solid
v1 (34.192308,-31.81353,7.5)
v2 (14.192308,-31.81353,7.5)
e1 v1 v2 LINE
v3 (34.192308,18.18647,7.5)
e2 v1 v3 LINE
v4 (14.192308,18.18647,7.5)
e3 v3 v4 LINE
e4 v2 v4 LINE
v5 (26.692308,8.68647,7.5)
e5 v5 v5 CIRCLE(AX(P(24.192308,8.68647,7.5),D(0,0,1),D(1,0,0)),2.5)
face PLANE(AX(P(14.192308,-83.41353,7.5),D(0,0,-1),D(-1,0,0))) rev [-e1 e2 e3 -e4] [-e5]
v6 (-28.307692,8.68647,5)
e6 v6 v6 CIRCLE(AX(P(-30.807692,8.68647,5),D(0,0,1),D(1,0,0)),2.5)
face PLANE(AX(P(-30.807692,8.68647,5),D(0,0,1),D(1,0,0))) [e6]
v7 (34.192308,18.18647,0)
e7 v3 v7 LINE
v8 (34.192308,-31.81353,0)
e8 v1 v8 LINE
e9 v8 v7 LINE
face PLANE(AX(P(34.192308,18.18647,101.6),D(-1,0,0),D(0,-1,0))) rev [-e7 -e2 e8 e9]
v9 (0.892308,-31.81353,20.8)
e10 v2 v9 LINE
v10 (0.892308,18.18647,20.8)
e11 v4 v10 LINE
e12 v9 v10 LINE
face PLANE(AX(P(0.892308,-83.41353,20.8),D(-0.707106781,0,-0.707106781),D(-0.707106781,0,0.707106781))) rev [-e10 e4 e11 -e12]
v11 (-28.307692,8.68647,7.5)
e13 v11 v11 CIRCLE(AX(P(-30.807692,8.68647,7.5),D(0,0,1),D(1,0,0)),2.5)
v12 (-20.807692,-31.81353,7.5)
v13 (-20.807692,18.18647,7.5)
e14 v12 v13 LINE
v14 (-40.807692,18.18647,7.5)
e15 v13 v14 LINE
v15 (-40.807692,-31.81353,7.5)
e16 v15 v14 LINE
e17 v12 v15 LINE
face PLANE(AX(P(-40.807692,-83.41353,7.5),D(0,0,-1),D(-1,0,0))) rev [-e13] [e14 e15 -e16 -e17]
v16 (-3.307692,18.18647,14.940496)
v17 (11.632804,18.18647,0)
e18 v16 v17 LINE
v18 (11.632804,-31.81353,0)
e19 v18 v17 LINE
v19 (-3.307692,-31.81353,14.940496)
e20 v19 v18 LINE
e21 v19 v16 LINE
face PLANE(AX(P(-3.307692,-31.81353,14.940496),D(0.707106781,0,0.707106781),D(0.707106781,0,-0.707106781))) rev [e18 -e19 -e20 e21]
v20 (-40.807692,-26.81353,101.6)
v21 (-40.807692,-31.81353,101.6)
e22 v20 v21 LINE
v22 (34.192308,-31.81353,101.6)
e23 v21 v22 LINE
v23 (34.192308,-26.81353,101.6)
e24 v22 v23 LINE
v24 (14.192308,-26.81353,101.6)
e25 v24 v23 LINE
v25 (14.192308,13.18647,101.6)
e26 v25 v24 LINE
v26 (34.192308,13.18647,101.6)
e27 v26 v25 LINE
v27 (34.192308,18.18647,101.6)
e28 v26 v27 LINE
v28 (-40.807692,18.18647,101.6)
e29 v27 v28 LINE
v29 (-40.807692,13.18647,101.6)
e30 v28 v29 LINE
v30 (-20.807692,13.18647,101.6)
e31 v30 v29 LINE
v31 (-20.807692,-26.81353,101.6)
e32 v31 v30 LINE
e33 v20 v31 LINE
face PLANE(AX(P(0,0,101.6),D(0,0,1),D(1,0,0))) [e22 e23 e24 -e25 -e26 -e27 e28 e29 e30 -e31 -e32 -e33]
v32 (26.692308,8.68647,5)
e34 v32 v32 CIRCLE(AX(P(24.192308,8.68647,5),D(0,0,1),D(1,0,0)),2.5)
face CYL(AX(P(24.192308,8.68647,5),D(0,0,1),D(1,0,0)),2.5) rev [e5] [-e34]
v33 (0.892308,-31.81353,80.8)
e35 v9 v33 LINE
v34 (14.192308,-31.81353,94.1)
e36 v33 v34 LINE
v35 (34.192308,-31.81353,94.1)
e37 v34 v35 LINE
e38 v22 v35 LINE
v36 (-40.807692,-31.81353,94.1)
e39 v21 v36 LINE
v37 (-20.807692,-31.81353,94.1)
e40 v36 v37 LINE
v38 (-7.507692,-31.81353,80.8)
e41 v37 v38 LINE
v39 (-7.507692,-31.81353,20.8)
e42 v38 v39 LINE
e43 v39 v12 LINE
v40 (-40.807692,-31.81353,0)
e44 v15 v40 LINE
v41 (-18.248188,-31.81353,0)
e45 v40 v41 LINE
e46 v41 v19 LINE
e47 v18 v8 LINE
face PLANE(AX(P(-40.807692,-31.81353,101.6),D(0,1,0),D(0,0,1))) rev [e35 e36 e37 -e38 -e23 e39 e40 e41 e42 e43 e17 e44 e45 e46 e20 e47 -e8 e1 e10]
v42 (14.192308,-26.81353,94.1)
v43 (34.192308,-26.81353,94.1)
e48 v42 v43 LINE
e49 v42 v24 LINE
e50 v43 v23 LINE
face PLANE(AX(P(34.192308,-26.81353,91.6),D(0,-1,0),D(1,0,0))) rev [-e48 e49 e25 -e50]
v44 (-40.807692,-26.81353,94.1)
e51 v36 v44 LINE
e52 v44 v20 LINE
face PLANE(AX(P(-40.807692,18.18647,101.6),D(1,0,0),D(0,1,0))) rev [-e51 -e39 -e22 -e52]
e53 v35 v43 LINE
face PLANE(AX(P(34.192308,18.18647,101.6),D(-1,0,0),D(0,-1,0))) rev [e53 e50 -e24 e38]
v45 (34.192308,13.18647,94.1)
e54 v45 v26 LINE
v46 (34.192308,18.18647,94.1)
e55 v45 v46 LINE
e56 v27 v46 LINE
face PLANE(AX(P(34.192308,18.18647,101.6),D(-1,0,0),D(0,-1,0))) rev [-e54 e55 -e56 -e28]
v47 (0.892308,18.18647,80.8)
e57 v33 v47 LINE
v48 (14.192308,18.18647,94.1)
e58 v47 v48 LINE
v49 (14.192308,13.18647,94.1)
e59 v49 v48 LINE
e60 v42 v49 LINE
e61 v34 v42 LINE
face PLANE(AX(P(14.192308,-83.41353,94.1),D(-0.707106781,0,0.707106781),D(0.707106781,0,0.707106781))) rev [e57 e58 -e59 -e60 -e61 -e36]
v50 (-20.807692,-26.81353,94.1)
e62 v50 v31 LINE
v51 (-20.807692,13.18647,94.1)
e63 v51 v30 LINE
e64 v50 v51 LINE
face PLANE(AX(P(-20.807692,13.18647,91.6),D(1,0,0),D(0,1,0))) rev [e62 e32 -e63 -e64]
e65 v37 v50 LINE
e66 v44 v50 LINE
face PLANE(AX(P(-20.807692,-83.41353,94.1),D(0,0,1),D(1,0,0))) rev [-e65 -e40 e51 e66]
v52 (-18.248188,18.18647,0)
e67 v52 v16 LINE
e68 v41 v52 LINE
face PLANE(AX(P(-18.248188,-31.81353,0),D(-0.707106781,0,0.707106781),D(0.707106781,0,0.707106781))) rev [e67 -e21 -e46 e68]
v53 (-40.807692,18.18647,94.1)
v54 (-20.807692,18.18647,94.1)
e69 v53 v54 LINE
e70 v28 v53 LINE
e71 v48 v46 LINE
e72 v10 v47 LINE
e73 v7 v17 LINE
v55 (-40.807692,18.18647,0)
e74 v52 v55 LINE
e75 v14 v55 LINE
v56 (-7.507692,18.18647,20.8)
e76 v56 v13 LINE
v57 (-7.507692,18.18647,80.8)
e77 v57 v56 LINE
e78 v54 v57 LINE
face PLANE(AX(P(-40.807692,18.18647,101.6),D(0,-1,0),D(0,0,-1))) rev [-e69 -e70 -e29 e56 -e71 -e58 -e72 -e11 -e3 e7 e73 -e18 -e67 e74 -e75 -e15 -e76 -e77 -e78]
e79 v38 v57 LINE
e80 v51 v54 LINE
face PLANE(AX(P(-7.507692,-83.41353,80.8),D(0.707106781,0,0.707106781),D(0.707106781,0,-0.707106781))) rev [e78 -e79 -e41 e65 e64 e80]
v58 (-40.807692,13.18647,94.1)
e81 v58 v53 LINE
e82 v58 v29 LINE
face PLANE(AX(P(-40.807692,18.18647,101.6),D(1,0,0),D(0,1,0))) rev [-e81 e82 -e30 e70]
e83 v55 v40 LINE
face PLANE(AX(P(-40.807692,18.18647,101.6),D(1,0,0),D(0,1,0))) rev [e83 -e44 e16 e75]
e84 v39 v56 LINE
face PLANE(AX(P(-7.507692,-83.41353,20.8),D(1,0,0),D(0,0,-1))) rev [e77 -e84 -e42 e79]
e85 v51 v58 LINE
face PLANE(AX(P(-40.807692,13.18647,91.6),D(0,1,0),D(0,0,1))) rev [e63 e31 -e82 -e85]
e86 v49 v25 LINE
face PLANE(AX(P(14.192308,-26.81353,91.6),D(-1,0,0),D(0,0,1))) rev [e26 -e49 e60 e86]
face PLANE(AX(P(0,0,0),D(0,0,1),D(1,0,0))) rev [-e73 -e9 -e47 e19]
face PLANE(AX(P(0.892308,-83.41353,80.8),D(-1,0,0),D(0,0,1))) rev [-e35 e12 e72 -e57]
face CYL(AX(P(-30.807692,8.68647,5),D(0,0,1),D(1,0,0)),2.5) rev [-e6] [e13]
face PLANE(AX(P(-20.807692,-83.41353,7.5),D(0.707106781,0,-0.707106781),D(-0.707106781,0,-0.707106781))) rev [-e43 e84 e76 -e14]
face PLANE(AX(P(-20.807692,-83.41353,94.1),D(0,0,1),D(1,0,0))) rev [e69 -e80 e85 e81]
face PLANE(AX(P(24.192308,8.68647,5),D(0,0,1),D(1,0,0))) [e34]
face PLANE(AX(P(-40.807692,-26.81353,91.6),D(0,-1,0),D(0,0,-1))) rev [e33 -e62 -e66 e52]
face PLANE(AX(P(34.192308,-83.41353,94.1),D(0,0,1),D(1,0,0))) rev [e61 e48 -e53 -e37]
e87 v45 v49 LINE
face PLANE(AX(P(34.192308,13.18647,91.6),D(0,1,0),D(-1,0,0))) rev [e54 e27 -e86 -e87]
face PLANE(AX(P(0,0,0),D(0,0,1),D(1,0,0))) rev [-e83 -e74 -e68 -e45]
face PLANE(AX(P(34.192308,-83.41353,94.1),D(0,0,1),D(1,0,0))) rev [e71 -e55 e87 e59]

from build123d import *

# Parameters (mm, degrees)
SKETCH2_W           = 75
SKETCH2_H           = 50
BOSS_EXTRUDE1_DEPTH = 101.6
CUT_EXTRUDE1_DEPTH  = 101.6
CUT_EXTRUDE2_DEPTH  = 101.6
SKETCH5_W           = 20
SKETCH5_H           = 40
CUT_EXTRUDE3_DEPTH  = 10
SKETCH6_W           = 20
SKETCH6_H           = 40
CUT_EXTRUDE4_DEPTH  = 10
SKETCH7_R           = 2.5
CUT_EXTRUDE5_DEPTH  = 2.5
SKETCH8_R           = 2.5
CUT_EXTRUDE6_DEPTH  = 2.5
CUT_EXTRUDE7_DEPTH  = 121.365392665


with BuildPart() as part:
    # Sketch2 → Boss-Extrude1 (new body)
    with BuildSketch(Plane.XY):
        with Locations((-3.307692308, -6.81353022)):
            Rectangle(SKETCH2_W, SKETCH2_H)
    extrude(amount=BOSS_EXTRUDE1_DEPTH)

    # Sketch3 → Cut-Extrude1 (cut)
    with BuildSketch(Plane(origin=(0, 18.18646978, 0), x_dir=(1, 0, 0), z_dir=(0, 1, 0))):
        Polygon((-40.807692308, -7.5), (-20.807692308, -7.5), (-7.507692308, -20.8), (-7.507692308, -80.8), (-20.807692308, -94.1), (-40.807692308, -94.1), align=None)
    extrude(amount=-CUT_EXTRUDE1_DEPTH, mode=Mode.SUBTRACT)

    # Sketch4 → Cut-Extrude2 (cut)
    with BuildSketch(Plane(origin=(0, 18.18646978, 0), x_dir=(1, 0, 0), z_dir=(0, 1, 0))):
        Polygon((34.192307692, -94.1), (14.192307692, -94.1), (0.892307692, -80.8), (0.892307692, -20.8), (14.192307692, -7.5), (34.192307692, -7.5), align=None)
    extrude(amount=-CUT_EXTRUDE2_DEPTH, mode=Mode.SUBTRACT)

    # Sketch5 → Cut-Extrude3 (cut)
    with BuildSketch(Plane.XY.offset(101.6)):
        with Locations((24.192307692, -6.81353022)):
            Rectangle(SKETCH5_W, SKETCH5_H)
    extrude(amount=-CUT_EXTRUDE3_DEPTH, mode=Mode.SUBTRACT)

    # Sketch6 → Cut-Extrude4 (cut)
    with BuildSketch(Plane.XY.offset(101.6)):
        with Locations((-30.807692308, -6.81353022)):
            Rectangle(SKETCH6_W, SKETCH6_H)
    extrude(amount=-CUT_EXTRUDE4_DEPTH, mode=Mode.SUBTRACT)

    # Sketch7 → Cut-Extrude5 (cut)
    with BuildSketch(Plane.XY.offset(7.5)):
        with Locations((24.192307692, 8.68646978)):
            Circle(SKETCH7_R)
    extrude(amount=-CUT_EXTRUDE5_DEPTH, mode=Mode.SUBTRACT)

    # Sketch8 → Cut-Extrude6 (cut)
    with BuildSketch(Plane.XY.offset(7.5)):
        with Locations((-30.807692308, 8.68646978)):
            Circle(SKETCH8_R)
    extrude(amount=-CUT_EXTRUDE6_DEPTH, mode=Mode.SUBTRACT)

    # Sketch9 → Cut-Extrude7 (cut, through all)
    with BuildSketch(Plane(origin=(0, 18.18646978, 0), x_dir=(1, 0, 0), z_dir=(0, 1, 0))):
        Polygon((-18.24818848, 0), (-3.307692308, -14.940496172), (11.632803865, 0), align=None)
    extrude(amount=-CUT_EXTRUDE7_DEPTH, mode=Mode.SUBTRACT)


solid = part.part
